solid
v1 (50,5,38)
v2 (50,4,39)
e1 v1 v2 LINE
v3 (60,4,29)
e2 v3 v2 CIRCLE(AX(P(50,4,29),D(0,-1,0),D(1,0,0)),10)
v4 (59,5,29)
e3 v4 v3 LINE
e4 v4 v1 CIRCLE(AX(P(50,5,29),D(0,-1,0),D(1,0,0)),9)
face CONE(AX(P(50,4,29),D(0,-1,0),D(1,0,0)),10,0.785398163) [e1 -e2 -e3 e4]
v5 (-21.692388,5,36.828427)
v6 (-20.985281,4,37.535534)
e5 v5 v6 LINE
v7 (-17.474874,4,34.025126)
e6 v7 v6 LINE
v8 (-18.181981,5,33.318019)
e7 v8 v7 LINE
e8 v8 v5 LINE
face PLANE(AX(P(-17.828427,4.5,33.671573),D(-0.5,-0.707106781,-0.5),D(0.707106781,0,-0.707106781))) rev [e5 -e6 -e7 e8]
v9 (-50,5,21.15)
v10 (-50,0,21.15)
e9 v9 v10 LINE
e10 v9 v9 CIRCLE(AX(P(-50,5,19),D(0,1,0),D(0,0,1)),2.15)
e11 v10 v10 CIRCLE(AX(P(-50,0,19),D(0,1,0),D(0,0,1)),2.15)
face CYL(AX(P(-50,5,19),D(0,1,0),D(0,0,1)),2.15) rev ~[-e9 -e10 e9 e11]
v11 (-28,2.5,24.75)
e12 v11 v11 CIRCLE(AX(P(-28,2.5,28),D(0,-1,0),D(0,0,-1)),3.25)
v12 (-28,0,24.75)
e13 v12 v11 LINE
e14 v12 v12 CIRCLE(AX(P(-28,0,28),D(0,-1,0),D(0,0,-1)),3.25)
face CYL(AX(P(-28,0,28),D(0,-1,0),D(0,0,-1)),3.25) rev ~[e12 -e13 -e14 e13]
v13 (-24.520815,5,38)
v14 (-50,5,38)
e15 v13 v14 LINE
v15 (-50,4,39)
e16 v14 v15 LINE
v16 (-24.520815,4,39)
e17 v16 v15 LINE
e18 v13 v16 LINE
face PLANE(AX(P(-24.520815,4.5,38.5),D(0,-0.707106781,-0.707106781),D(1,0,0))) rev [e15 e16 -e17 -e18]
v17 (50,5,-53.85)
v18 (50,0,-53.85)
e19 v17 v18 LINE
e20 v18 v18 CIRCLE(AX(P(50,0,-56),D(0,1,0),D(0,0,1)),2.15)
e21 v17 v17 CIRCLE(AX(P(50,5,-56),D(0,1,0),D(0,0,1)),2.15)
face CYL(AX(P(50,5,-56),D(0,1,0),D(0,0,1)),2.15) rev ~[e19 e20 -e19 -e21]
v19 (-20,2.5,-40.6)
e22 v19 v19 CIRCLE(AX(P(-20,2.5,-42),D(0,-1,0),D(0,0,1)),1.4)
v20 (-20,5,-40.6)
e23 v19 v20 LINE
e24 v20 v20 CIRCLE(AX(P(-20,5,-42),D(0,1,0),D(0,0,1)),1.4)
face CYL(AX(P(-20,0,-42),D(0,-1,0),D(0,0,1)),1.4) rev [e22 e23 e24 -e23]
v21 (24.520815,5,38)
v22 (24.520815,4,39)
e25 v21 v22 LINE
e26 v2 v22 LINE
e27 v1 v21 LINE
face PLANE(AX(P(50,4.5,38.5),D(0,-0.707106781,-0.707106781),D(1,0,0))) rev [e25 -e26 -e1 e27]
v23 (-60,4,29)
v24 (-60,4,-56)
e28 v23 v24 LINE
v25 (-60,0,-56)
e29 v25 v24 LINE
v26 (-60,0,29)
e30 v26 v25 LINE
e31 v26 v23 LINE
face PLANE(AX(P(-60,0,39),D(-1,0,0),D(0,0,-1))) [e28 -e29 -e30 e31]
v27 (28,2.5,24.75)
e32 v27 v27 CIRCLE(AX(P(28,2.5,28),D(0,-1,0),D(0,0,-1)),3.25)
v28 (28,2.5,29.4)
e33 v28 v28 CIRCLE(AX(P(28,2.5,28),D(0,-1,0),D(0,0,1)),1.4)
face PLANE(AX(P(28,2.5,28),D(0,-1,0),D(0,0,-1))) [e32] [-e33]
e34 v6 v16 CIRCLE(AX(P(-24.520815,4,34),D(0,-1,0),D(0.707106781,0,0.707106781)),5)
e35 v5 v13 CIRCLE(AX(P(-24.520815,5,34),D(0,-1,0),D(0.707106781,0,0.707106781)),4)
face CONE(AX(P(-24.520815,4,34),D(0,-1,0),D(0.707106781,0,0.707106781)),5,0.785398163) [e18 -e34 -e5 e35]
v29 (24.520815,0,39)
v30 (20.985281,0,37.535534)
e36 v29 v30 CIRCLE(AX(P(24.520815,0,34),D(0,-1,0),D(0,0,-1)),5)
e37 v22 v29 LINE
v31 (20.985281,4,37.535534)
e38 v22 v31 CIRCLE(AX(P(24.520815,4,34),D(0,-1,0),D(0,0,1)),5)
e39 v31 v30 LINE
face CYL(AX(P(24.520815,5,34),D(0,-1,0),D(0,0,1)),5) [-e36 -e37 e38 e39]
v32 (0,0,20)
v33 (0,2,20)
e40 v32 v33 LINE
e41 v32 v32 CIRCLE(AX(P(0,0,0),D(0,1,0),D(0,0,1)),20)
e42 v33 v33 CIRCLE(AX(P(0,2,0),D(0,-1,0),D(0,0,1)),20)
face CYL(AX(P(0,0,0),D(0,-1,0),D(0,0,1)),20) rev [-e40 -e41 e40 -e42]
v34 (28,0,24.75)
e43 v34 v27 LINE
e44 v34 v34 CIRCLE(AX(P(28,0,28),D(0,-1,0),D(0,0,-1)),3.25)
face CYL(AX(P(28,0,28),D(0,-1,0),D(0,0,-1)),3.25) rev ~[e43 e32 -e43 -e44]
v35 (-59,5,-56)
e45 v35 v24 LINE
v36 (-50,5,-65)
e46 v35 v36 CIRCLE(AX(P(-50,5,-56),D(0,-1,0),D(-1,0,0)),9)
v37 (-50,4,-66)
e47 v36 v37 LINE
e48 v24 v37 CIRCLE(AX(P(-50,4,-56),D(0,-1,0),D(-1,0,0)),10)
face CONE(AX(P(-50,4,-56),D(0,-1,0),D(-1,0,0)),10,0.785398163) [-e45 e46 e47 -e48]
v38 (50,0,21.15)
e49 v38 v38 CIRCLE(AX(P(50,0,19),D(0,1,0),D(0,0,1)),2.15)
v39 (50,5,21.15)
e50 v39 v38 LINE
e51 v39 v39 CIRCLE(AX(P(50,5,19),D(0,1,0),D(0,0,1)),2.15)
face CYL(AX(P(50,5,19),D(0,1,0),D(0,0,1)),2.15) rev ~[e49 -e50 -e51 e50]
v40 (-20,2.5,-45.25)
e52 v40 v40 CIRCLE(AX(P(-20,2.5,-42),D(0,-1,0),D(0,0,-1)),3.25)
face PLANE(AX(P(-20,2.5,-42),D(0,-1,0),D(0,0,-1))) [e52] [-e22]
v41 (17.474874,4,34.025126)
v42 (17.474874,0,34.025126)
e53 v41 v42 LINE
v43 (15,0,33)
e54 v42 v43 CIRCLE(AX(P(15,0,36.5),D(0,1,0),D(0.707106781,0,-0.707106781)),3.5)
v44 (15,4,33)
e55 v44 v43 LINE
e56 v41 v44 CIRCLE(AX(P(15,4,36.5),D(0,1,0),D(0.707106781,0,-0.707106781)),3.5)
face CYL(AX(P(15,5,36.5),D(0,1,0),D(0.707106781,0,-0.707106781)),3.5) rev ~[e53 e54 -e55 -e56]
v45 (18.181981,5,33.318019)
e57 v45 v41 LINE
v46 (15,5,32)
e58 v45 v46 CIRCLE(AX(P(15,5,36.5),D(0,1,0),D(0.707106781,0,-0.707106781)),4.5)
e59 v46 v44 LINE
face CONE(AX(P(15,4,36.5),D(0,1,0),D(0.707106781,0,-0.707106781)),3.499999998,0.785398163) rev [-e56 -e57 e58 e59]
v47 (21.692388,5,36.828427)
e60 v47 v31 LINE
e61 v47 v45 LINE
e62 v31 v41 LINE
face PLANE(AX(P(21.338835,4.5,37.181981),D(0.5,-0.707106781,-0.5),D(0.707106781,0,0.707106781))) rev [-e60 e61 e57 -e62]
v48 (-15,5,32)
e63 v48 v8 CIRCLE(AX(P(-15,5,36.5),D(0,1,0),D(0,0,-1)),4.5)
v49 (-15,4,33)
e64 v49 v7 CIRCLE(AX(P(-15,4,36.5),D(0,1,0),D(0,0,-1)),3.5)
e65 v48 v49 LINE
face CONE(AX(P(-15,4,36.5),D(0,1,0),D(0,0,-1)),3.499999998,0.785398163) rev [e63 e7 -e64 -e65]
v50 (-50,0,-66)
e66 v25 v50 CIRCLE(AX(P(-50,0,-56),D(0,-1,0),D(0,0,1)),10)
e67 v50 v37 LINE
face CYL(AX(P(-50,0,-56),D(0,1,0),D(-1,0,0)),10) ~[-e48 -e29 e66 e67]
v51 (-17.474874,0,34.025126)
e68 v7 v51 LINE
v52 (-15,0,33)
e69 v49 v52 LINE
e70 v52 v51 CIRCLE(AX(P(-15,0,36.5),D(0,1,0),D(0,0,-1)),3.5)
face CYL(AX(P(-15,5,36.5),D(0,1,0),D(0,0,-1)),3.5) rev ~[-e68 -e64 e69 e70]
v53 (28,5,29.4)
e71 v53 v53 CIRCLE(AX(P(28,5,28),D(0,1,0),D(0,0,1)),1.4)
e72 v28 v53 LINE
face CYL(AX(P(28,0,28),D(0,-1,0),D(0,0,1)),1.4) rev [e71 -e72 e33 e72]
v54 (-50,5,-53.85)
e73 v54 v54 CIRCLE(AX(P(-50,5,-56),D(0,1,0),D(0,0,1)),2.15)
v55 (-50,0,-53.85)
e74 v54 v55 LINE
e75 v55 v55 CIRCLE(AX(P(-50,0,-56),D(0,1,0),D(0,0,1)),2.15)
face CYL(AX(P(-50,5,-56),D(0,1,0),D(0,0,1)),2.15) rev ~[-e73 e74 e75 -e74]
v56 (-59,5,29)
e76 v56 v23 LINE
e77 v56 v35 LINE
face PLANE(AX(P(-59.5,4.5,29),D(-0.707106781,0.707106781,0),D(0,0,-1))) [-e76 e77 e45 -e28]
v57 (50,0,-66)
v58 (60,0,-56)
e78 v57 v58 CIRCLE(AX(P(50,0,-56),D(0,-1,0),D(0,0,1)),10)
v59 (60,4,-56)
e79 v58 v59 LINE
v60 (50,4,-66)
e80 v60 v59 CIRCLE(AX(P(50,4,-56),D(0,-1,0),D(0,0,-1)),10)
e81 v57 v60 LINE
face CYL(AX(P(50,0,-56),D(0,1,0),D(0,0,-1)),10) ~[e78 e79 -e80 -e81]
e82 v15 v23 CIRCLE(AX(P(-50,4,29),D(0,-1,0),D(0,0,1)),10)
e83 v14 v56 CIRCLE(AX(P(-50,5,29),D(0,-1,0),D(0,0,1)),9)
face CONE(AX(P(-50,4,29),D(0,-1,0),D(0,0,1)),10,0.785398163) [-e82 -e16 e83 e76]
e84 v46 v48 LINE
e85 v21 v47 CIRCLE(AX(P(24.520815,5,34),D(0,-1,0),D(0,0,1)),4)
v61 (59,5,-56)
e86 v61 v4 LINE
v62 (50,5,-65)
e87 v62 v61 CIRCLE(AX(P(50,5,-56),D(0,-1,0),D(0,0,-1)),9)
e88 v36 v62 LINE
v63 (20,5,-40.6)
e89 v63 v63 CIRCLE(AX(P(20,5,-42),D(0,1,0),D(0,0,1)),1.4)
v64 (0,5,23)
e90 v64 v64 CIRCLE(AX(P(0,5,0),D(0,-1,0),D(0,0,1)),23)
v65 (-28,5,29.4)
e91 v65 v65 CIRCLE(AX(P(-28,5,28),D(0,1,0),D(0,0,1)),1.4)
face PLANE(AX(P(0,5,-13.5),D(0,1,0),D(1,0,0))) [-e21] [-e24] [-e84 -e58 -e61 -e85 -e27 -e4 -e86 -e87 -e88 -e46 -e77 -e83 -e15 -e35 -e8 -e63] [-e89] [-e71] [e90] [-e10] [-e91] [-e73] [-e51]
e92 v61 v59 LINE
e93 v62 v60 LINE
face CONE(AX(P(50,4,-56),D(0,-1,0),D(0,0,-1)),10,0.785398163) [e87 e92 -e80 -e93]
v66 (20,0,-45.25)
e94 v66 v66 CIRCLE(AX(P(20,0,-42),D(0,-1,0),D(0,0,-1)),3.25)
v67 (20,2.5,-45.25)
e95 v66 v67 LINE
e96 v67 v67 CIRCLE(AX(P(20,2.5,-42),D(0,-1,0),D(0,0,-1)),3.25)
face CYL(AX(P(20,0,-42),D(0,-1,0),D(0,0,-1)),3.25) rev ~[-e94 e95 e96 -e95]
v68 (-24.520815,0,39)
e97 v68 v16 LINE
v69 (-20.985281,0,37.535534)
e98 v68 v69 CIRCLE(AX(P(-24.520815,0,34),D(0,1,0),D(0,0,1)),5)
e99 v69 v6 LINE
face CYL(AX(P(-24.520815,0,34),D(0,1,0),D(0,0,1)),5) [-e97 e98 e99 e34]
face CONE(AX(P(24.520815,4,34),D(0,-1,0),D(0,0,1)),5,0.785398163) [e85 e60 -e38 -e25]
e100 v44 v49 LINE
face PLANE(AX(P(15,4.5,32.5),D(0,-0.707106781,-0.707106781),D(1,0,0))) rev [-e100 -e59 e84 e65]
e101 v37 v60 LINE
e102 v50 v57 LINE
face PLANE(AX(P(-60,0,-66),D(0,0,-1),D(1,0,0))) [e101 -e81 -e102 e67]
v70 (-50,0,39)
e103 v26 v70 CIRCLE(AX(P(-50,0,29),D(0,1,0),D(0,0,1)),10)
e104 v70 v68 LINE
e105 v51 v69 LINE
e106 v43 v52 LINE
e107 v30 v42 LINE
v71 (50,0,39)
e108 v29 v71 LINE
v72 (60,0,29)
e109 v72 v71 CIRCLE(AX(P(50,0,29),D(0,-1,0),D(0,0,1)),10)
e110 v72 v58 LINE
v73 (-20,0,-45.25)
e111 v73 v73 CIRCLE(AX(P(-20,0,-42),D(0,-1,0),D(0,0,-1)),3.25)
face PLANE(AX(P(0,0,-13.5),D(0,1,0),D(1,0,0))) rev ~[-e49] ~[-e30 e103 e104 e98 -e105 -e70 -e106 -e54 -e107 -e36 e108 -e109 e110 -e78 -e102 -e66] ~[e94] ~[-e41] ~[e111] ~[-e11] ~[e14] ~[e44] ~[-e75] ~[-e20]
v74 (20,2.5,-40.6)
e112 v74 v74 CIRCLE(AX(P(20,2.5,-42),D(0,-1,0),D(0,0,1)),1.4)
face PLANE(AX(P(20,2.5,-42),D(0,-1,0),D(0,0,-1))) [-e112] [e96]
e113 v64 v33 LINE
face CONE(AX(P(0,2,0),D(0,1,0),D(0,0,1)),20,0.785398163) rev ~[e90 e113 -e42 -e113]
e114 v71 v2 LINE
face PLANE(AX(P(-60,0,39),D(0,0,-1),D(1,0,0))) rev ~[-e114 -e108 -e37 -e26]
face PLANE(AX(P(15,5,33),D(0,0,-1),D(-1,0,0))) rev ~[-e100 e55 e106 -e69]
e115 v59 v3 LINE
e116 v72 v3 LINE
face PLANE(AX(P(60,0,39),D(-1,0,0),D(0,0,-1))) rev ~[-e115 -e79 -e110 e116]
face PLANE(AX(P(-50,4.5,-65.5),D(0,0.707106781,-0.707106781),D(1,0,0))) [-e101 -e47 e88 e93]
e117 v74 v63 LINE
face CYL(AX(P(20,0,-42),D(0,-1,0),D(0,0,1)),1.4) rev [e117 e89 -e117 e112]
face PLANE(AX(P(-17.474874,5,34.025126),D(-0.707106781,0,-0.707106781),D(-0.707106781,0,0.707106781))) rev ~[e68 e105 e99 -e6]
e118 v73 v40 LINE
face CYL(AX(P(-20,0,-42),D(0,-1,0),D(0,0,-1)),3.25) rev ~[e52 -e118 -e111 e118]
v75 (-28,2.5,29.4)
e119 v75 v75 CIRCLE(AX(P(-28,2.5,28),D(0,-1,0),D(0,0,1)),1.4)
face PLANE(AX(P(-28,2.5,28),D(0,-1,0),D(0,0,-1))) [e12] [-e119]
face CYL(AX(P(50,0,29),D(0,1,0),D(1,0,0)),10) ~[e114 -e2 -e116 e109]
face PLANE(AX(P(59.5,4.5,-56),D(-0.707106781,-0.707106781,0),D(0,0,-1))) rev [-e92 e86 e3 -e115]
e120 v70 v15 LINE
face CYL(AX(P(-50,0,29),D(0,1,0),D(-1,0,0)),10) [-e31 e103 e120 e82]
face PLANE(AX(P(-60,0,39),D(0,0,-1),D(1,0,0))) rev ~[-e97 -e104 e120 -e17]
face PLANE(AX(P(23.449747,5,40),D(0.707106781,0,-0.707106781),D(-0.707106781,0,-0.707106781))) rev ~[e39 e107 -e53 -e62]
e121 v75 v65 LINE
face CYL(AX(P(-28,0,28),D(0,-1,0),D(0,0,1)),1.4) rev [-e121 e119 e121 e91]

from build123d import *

# Parameters (mm, degrees)
SKETCH2_W           = 120
SKETCH2_H           = 105
SKETCH2_R           = 1.4
BOSS_EXTRUDE2_DEPTH = 5
CUT_EXTRUDE7_DEPTH  = 90.336442732
FILLET5_R           = 10
SKETCH10_R          = 20
CUT_EXTRUDE9_DEPTH  = 90.336442732
CHAMFER3_SIZE       = 3
FILLET6_R           = 5
CHAMFER4_SIZE       = 1
SKETCH11_R          = 2.15
CUT_EXTRUDE10_DEPTH = 90.336442732
SKETCH13_R          = 3.25
CUT_EXTRUDE12_DEPTH = 2.5


with BuildPart() as part:
    # Sketch2 → Boss-Extrude2 (new body)
    with BuildSketch(Plane(origin=(0, 0, 0), x_dir=(1, 0, 0), z_dir=(0, 1, 0))):
        with Locations((0, 13.5)):
            Rectangle(SKETCH2_W, SKETCH2_H)
        with Locations(Location((-28, -28, 0), (0, 0, 270))):
            Circle(SKETCH2_R, mode=Mode.SUBTRACT)
        with Locations(Location((28, -28, 0), (0, 0, 270))):
            Circle(SKETCH2_R, mode=Mode.SUBTRACT)
        with Locations(Location((20, 42, 0), (0, 0, 270))):
            Circle(SKETCH2_R, mode=Mode.SUBTRACT)
        with Locations(Location((-20, 42, 0), (0, 0, 270))):
            Circle(SKETCH2_R, mode=Mode.SUBTRACT)
    extrude(amount=BOSS_EXTRUDE2_DEPTH)

    # Sketch9 → Cut-Extrude7 (cut, through all)
    with BuildSketch(Plane(origin=(0, 5, 0), x_dir=(1, 0, 0), z_dir=(0, 1, 0))):
        with BuildLine():
            Line((-17.474873734, -34.025126266), (-23.449747468, -40))
            Line((-23.449747468, -40), (23.449747468, -40))
            Line((23.449747468, -40), (17.474873734, -34.025126266))
            ThreePointArc((17.474873734, -34.025126266), (16.339392013, -33.266421636), (15, -33))
            Line((15, -33), (-15, -33))
            ThreePointArc((-15, -33), (-16.339392013, -33.266421636), (-17.474873734, -34.025126266))
        make_face()
    extrude(amount=-CUT_EXTRUDE7_DEPTH, mode=Mode.SUBTRACT)

    # Fillet5
    fillet5_edges = [part.edges().sort_by_distance(p)[0] for p in [
        (-60, 2.5, -66),
        (60, 2.5, -66),
        (60, 2.5, 39),
        (-60, 2.5, 39),
    ]]
    fillet(fillet5_edges, radius=FILLET5_R)

    # Sketch10 → Cut-Extrude9 (cut, through all)
    with BuildSketch(Plane(origin=(0, 0, 0), x_dir=(1, 0, 0), z_dir=(0, 1, 0))):
        with Locations(Location((0, 0, 0), (0, 0, 270))):
            Circle(SKETCH10_R)
    extrude(amount=CUT_EXTRUDE9_DEPTH, mode=Mode.SUBTRACT)

    # Chamfer3
    chamfer3_edges = [part.edges().sort_by_distance(p)[0] for p in [
        (0, 5, -20),
    ]]
    chamfer(chamfer3_edges, length=CHAMFER3_SIZE)

    # Fillet6
    fillet6_edges = [part.edges().sort_by_distance(p)[0] for p in [
        (-22.449747468, 2.5, 39),
        (22.449747468, 2.5, 39),
    ]]
    fillet(fillet6_edges, radius=FILLET6_R)

    # Chamfer4
    chamfer4_edges = [part.edges().sort_by_distance(p)[0] for p in [
        (16.339392013, 5, 33.266421636),
        (0, 5, 33),
        (-16.339392013, 5, 33.266421636),
        (-19.230077554, 5, 35.780330086),
        (-60, 5, -13.5),
        (0, 5, -66),
        (60, 5, -13.5),
        (-37.26040764, 5, 39),
        (-57.071067812, 5, 36.071067812),
        (57.071067812, 5, 36.071067812),
        (57.071067812, 5, -63.071067812),
        (-57.071067812, 5, -63.071067812),
        (19.230077554, 5, 35.780330086),
        (37.26040764, 5, 39),
        (22.607398118, 5, 38.619397663),
        (-22.607398118, 5, 38.619397663),
    ]]
    chamfer(chamfer4_edges, length=CHAMFER4_SIZE)

    # Sketch11 → Cut-Extrude10 (cut, through all)
    with BuildSketch(Plane(origin=(0, 5, 0), x_dir=(1, 0, 0), z_dir=(0, 1, 0))):
        with Locations(Location((-50, 56, 0), (0, 0, 270))):
            Circle(SKETCH11_R)
        with Locations(Location((50, 56, 0), (0, 0, 270))):
            Circle(SKETCH11_R)
        with Locations(Location((-50, -19, 0), (0, 0, 270))):
            Circle(SKETCH11_R)
        with Locations(Location((50, -19, 0), (0, 0, 270))):
            Circle(SKETCH11_R)
    extrude(amount=-CUT_EXTRUDE10_DEPTH, mode=Mode.SUBTRACT)

    # Sketch13 → Cut-Extrude12 (cut)
    with BuildSketch(Plane.XZ):
        with Locations(Location((-28, 28, 0), (0, 0, 270))):
            Circle(SKETCH13_R)
        with Locations(Location((28, 28, 0), (0, 0, 270))):
            Circle(SKETCH13_R)
        with Locations(Location((-20, -42, 0), (0, 0, 270))):
            Circle(SKETCH13_R)
        with Locations(Location((20, -42, 0), (0, 0, 270))):
            Circle(SKETCH13_R)
    extrude(amount=-CUT_EXTRUDE12_DEPTH, mode=Mode.SUBTRACT)


solid = part.part
